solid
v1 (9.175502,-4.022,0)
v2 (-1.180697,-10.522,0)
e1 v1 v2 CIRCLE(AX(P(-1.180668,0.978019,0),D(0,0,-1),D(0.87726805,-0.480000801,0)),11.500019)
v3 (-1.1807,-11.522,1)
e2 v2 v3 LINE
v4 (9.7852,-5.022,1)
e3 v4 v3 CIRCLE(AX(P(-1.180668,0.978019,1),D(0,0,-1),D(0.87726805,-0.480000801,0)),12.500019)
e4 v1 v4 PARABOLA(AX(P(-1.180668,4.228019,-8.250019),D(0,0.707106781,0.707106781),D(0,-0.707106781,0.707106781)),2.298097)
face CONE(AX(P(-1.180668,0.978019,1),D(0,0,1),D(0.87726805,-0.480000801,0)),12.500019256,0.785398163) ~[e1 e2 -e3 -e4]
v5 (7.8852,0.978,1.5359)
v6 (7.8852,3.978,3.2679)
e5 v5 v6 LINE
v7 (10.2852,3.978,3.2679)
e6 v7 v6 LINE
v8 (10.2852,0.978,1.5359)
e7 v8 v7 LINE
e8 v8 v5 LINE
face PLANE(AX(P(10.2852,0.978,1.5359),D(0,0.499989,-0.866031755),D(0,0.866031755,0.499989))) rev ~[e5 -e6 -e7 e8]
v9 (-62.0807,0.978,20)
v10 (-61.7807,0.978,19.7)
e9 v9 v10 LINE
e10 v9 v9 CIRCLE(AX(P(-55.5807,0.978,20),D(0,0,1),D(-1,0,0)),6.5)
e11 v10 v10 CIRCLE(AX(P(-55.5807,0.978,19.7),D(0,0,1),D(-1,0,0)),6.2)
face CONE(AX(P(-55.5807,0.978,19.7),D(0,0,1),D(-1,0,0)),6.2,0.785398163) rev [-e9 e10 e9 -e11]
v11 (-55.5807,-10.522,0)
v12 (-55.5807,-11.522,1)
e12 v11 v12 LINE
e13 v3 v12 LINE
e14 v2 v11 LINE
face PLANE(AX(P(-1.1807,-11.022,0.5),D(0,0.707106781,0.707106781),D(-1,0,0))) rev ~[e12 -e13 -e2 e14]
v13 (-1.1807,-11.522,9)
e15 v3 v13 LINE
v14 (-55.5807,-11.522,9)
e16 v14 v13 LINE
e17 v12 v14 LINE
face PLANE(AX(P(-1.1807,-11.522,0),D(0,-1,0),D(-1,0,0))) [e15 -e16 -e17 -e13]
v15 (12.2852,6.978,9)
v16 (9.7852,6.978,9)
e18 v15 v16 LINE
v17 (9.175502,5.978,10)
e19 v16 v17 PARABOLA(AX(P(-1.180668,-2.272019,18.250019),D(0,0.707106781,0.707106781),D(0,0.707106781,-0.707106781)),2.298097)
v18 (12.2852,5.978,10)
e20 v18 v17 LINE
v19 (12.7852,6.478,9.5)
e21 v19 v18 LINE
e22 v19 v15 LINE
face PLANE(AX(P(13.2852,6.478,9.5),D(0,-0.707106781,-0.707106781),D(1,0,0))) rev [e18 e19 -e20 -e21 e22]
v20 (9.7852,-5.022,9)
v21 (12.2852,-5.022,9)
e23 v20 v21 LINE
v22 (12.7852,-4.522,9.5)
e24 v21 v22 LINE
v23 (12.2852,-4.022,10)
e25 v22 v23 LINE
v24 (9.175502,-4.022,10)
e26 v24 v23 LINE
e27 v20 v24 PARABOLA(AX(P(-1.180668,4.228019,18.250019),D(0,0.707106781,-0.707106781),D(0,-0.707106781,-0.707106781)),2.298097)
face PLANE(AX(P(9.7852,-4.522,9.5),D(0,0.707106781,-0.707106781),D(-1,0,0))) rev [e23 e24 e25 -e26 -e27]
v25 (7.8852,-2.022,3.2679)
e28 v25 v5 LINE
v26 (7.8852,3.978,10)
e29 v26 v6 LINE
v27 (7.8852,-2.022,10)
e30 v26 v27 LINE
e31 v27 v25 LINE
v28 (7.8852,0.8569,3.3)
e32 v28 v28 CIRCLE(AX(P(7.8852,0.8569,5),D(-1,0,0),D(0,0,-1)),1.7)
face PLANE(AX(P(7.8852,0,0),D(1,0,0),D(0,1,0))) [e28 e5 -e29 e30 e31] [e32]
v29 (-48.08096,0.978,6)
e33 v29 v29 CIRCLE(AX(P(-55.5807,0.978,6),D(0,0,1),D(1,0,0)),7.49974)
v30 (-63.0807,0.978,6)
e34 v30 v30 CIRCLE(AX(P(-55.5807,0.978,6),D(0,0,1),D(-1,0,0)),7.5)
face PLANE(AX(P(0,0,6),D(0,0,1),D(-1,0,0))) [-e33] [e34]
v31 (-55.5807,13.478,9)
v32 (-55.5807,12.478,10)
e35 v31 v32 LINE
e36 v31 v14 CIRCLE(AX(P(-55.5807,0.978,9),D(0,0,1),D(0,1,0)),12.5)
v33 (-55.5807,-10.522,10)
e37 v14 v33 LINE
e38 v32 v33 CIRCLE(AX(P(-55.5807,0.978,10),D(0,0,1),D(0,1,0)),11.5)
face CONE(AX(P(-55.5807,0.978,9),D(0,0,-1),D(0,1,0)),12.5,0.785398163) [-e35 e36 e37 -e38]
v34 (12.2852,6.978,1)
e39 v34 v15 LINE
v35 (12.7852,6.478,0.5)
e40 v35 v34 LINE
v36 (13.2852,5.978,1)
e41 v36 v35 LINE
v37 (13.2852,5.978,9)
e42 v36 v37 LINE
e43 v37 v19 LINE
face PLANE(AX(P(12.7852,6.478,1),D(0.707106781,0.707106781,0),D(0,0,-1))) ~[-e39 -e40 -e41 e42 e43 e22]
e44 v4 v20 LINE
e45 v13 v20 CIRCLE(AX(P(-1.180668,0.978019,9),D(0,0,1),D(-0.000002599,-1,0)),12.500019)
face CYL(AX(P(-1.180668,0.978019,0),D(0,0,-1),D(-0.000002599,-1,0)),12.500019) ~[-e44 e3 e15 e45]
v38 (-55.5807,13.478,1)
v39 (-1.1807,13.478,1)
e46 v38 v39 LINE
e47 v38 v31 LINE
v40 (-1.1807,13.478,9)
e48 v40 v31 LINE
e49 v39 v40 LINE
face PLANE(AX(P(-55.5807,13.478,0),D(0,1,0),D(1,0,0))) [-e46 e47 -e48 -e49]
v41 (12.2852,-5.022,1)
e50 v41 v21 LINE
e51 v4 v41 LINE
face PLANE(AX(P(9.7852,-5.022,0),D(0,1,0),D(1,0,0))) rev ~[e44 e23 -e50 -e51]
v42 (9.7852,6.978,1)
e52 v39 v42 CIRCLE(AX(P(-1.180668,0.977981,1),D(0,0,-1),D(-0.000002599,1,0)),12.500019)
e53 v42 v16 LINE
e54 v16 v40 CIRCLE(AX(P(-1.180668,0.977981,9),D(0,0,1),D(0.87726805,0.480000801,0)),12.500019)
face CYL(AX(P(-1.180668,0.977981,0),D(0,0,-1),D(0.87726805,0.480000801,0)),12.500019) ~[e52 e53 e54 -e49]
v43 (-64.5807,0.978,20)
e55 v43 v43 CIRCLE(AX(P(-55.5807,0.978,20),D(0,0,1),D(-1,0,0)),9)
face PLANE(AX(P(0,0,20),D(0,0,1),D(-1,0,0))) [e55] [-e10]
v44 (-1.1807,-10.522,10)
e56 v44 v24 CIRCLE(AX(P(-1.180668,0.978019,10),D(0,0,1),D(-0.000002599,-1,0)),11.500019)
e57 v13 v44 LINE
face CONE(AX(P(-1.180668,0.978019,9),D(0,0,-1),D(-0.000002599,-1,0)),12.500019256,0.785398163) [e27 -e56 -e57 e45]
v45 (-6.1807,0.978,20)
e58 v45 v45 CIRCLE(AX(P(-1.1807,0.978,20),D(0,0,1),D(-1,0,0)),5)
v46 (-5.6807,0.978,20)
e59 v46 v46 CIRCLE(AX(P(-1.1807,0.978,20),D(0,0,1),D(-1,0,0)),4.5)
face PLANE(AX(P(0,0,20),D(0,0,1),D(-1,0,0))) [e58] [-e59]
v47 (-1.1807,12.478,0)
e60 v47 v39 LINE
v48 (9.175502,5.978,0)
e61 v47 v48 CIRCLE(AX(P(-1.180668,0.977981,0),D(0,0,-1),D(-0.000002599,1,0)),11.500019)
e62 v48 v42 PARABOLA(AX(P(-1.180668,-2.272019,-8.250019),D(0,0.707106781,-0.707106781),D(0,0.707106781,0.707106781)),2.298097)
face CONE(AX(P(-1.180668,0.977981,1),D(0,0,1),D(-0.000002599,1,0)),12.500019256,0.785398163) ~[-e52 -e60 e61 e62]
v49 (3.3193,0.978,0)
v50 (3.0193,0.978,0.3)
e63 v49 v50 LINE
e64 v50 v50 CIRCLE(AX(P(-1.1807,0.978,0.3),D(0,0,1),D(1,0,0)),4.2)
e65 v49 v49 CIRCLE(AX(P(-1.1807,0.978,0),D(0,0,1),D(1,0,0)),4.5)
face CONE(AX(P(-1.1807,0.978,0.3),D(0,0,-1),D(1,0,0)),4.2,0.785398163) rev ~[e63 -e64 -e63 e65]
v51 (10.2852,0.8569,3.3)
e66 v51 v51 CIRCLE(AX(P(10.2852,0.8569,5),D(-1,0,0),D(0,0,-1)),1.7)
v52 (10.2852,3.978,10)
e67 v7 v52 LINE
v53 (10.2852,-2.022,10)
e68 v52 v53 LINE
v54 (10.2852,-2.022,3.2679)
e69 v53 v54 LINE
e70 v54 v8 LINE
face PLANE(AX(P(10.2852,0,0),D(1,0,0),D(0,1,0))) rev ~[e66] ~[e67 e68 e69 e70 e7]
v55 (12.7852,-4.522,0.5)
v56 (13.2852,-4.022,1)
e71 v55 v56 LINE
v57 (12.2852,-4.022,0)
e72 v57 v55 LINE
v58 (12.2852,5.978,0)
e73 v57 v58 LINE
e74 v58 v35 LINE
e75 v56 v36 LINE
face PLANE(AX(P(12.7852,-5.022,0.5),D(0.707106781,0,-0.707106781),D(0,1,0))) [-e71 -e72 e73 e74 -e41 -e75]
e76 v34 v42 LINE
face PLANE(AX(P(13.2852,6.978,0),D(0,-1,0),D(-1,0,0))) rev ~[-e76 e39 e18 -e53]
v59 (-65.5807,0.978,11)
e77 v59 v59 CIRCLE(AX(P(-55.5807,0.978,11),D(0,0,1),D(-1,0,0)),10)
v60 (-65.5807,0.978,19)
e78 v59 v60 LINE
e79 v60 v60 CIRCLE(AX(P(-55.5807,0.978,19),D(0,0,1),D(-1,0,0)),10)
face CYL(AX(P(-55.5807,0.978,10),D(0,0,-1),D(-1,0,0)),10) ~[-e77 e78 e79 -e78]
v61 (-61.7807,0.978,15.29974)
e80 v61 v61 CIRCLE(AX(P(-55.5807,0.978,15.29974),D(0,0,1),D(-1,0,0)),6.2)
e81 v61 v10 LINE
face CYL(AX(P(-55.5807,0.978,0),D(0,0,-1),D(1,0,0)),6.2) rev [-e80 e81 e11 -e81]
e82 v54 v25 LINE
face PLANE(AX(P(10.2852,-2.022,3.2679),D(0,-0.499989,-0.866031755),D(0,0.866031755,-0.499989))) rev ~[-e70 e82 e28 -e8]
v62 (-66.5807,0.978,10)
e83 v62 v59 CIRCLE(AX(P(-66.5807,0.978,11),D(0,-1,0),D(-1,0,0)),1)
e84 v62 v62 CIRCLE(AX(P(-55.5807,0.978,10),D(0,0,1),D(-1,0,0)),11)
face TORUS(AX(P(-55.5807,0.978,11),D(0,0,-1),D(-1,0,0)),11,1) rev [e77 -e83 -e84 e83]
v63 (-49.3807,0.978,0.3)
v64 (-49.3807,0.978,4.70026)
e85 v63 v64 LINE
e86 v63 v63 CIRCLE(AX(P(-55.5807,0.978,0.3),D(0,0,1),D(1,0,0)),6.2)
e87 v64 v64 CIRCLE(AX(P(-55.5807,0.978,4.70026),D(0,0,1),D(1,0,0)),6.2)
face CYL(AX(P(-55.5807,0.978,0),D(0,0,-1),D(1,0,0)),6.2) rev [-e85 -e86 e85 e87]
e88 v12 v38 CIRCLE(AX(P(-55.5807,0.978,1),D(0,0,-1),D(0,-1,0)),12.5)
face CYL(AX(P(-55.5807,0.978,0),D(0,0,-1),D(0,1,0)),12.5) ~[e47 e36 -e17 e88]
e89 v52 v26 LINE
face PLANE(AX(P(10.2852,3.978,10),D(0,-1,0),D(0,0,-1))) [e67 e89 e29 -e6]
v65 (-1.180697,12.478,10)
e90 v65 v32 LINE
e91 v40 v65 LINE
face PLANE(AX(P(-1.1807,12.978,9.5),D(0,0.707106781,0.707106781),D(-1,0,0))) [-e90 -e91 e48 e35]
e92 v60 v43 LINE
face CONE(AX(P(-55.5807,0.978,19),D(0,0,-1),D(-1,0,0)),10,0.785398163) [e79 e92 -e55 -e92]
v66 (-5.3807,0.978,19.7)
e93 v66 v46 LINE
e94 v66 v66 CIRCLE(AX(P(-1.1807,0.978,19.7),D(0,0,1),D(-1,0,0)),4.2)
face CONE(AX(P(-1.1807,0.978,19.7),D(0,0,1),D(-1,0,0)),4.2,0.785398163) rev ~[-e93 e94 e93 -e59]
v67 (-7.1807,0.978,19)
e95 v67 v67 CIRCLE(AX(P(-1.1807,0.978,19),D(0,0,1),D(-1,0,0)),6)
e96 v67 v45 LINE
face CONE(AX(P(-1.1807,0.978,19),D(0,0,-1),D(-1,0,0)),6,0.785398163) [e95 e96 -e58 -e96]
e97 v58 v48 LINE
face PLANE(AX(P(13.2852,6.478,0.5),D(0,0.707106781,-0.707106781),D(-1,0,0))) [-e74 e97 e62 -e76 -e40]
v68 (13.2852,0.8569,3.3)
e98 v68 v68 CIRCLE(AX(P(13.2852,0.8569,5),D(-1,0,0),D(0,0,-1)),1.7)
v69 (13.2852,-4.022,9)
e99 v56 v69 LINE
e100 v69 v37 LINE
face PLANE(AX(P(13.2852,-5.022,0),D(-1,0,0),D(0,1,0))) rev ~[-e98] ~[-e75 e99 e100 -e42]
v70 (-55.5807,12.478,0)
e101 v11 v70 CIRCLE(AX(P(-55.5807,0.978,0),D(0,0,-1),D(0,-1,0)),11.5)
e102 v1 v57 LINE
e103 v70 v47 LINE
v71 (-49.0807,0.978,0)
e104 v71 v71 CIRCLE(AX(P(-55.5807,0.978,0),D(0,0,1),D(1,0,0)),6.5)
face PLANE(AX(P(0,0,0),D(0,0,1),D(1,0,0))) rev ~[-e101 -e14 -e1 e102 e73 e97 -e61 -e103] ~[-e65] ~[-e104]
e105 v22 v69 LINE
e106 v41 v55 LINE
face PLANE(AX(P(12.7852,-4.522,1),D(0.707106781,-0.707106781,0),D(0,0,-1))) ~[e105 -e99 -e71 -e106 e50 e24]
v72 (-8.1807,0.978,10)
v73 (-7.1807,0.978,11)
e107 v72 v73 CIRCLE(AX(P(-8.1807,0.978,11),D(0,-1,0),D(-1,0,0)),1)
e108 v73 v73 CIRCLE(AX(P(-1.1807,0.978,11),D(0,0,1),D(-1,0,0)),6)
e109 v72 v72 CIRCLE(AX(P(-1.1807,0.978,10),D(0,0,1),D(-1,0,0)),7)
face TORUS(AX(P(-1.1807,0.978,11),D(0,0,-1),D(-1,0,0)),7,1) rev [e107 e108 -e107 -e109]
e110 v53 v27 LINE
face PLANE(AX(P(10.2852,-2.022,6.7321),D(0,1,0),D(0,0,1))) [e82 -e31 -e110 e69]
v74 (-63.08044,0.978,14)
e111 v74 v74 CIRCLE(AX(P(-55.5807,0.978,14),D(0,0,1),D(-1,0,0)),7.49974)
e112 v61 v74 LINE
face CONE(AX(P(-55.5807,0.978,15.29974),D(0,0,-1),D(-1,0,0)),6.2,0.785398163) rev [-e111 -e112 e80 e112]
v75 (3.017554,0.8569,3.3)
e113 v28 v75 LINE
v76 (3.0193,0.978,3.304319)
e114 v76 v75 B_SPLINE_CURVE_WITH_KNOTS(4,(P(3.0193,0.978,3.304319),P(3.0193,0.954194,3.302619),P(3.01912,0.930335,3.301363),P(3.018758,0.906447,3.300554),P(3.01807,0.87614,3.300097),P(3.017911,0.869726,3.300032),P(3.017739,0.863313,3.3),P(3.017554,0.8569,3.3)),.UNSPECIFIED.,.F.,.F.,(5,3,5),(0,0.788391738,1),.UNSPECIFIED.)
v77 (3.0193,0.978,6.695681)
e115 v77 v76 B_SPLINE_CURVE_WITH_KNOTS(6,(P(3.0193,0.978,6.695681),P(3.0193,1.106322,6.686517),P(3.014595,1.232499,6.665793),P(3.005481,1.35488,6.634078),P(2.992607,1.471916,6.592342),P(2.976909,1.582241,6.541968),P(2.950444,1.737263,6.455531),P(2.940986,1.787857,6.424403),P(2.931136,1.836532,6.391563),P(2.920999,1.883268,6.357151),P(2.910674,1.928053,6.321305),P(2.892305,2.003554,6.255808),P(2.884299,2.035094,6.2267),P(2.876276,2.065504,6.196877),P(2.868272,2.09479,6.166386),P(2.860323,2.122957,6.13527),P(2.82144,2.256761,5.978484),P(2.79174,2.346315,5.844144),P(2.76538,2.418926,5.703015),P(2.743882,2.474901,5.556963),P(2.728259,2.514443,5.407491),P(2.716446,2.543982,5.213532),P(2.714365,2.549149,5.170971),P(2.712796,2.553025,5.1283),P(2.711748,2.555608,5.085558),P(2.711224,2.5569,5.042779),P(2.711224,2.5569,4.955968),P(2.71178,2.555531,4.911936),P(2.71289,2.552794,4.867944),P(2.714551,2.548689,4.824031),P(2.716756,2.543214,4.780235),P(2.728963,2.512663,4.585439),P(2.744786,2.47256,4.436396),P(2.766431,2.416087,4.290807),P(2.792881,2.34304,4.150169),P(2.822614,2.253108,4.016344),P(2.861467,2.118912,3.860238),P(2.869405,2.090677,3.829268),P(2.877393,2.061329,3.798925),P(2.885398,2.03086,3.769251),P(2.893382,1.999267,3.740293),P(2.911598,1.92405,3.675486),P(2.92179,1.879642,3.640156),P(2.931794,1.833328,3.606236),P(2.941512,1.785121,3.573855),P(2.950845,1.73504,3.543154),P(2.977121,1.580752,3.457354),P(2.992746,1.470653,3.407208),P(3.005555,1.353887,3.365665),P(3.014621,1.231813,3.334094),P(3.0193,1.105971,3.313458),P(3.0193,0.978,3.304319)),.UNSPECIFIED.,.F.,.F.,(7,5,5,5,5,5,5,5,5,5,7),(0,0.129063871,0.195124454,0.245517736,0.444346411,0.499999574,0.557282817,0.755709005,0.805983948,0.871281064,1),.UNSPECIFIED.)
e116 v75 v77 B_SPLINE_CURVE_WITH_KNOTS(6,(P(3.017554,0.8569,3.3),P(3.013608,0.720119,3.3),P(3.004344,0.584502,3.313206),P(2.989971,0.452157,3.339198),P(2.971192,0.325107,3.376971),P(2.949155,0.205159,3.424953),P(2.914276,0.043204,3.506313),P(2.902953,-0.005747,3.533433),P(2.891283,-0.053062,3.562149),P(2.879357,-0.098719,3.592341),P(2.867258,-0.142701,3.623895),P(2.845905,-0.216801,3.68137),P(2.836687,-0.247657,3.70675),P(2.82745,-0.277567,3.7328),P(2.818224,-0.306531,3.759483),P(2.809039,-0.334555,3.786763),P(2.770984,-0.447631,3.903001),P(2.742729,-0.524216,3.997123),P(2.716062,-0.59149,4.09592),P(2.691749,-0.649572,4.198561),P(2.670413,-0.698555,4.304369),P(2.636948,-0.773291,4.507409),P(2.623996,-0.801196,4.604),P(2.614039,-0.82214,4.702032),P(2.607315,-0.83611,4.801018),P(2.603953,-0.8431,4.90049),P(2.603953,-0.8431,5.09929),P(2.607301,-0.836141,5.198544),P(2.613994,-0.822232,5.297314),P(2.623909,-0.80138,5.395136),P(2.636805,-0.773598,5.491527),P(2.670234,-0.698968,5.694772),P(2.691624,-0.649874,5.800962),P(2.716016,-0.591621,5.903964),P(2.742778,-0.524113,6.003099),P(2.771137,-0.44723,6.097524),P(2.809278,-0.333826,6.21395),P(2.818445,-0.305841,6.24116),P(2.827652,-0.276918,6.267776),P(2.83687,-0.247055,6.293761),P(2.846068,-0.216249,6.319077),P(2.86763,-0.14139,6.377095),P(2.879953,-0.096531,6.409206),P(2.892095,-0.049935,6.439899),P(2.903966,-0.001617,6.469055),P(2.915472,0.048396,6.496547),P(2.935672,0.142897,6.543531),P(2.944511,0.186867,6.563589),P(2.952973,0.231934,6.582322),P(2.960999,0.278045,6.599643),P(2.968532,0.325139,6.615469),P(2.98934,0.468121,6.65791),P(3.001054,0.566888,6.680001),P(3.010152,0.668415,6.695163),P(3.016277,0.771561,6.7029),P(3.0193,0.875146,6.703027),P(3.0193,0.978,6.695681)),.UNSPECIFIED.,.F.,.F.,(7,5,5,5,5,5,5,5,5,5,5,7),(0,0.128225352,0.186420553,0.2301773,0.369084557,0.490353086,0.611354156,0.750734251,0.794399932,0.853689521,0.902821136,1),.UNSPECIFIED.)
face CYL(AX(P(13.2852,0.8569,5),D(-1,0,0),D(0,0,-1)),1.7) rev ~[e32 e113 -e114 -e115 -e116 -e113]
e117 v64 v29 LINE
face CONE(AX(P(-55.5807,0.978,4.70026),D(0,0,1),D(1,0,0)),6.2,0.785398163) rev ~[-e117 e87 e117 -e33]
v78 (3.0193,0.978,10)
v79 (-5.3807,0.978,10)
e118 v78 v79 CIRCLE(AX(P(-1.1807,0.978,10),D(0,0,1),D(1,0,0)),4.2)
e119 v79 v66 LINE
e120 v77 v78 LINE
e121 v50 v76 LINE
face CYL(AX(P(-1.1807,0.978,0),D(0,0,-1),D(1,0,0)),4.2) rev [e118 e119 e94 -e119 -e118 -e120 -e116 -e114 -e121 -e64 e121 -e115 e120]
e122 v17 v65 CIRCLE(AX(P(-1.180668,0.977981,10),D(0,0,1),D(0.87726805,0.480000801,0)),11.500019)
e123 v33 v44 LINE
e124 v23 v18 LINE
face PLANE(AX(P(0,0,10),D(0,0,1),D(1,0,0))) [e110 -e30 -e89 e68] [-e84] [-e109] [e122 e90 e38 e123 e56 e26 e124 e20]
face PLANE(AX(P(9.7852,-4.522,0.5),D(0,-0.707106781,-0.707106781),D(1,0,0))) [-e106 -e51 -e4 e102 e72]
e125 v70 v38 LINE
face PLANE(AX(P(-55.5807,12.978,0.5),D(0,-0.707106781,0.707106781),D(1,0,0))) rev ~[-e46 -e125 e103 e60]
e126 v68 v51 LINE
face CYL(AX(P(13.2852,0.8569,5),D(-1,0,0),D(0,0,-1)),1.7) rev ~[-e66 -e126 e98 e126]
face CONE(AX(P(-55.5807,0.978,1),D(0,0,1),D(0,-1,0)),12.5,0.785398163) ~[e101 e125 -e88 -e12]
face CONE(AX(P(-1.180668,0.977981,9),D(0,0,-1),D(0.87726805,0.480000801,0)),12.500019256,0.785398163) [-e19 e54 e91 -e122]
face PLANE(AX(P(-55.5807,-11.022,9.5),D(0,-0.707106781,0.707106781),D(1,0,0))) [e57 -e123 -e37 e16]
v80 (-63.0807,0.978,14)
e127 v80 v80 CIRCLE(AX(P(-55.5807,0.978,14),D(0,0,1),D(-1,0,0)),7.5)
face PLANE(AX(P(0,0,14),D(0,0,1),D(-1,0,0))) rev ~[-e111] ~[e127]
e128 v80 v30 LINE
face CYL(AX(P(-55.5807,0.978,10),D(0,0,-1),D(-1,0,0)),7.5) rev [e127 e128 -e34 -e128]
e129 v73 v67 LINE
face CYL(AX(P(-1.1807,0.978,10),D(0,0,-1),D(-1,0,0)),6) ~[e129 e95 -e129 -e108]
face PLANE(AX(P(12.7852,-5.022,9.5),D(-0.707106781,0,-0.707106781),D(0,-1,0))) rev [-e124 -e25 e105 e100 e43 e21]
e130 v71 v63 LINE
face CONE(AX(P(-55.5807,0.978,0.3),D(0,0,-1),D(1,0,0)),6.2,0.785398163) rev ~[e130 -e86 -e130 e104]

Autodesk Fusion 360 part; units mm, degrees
sketch "Esquisse1" plane through (0, 0, 0) normal (0, 0, 1) x (1, 0, 0)
  circle A0 centre (-55.5807, 0.978) radius 6.2
  circle A1 centre (-1.1807, 0.978) radius 4.2
  line L0 (-55.5807, 13.478) -> (-1.1807, 13.478)
  line L1 (-1.1807, 13.478) -> (-1.1807, -11.522) construction
  line L2 (-1.1807, -11.522) -> (-55.5807, -11.522)
  line L3 (-55.5807, -11.522) -> (-55.5807, 13.478) construction
  arc A2 (-55.5807, 13.478) -> (-55.5807, -11.522) centre (-55.5807, 0.978) ccw
  line L4 (9.7852, -5.022) -> (13.2852, -5.022)
  line L5 (13.2852, -5.022) -> (13.2852, 6.978)
  line L6 (13.2852, 6.978) -> (9.7852, 6.978)
  arc A3 (-1.1807, -11.522) -> (9.7852, -5.022) centre (-1.1807, 0.978) ccw
  arc A4 (9.7852, 6.978) -> (-1.1807, 13.478) centre (-1.1807, 0.978) ccw
  dimension "d1" = 54.4
  dimension "d2" = 12.4
  dimension "d3" = 8.4
  dimension "d4" = 25
  dimension "d5" = 12.5
  dimension "d7" = 12
  dimension "d8" = 3.5
extrude "Extrusion1" add sketch "Esquisse1" along normal blind 10
sketch "Esquisse2" plane through (0, 0, 10) normal (0, 0, 1) x (-1, 0, 0)
  circle A0 centre (55.5807, -0.978) radius 6.2
  circle A1 centre (1.1807, -0.978) radius 4.2
  arc A2 (1.1807, 11.522) -> (-9.7852, 5.022) centre (1.1807, -0.978) ccw
  line L0 (-9.7852, 5.022) -> (-13.2852, 5.022)
  line L1 (-13.2852, 5.022) -> (-13.2852, -6.978)
  line L2 (-13.2852, -6.978) -> (-9.7852, -6.978)
  arc A3 (-9.7852, -6.978) -> (1.1807, -13.478) centre (1.1807, -0.978) ccw
  line L3 (1.1807, -13.478) -> (55.5807, -13.478)
  arc A4 (55.5807, -13.478) -> (55.5807, 11.522) centre (55.5807, -0.978) ccw
  line L4 (55.5807, 11.522) -> (1.1807, 11.522)
  circle A5 centre (55.5807, -0.978) radius 10
  circle A6 centre (1.1807, -0.978) radius 6
  circle A7 centre (55.5807, -0.978) radius 7.5
  dimension "d11" = 20
  dimension "d12" = 12
  dimension "d32" = 15
extrude "Extrusion4" add sketch "Esquisse2" along normal blind 10 contours A5 | A6 | A7
extrude "Extrusion5" cut sketch "Esquisse2" along normal mid plane 8 contours A7
chamfer "Chanfrein3" distance 1.3 angle 45 2 edges at (-61.3611, -1.264, 6) (-61.3611, 3.2201, 14)
ref_plane "Plan de construction2" through (10.2852, 0.978, 5) normal (1, 0, 0) x (0, 1, 0)
sketch "Esquisse3" plane through (10.2852, 0, 0) normal (1, 0, 0) x (0, 1, 0)
  line L0 (-5.022, 0) -> (6.978, 0)
  line L1 (6.978, 0) -> (6.978, 10)
  line L2 (6.978, 10) -> (-5.022, 10)
  line L3 (-5.022, 10) -> (-5.022, 0)
  line L4 (-2.022, 10) -> (3.978, 10)
  line L5 (3.978, 10) -> (3.978, 5)
  line L6 (3.978, 5) -> (-2.022, 5) construction
  line L7 (-2.022, 5) -> (-2.022, 10)
  line L8 (0.978, 5) -> (0.978, 1.9) construction
  line L9 (-2.022, 6.7321) -> (-2.022, 3.2679)
  line L10 (-2.022, 3.2679) -> (0.978, 1.5359)
  line L11 (0.978, 1.5359) -> (3.978, 3.2679)
  line L12 (3.978, 3.2679) -> (3.978, 6.7321)
  point P0 (0.978, 5)
  dimension "d15" = 3.1
  dimension "d16" = 5
  dimension "d17" = 6
  dimension "d18" = 12
  dimension "d19" = 3
extrude "Extrusion3" cut sketch "Esquisse3" against normal blind 2.4 contours L2 L4 L5 L7 L9 L10 L11 L12
hole "Perçage1" at (13.2852, 0.8569, 5) direction (-1, 0, 0) diameter 3.4 depth 11 tip angle 180
chamfer "Chanfrein1" distance 1 angle 45 16 edges at (5.1931, -9.7749, 10) (5.1931, 11.7309, 10) (-28.3807, 13.478, 10) (-68.0807, 0.978, 10) (-28.3807, -11.522, 10) (-28.3807, -11.522, 0) (-68.0807, 0.978, 0) (-28.3807, 13.478, 0) (5.1931, 11.7309, 0) (5.1931, -9.7749, 0) (11.5352, -5.022, 0) (11.5352, -5.022, 10) (13.2852, 0.978, 0) (13.2852, 0.978, 10) (11.5352, 6.978, 10) (11.5352, 6.978, 0)
chamfer "Chanfrein2" distance 1 angle 45 2 edges at (13.2852, 6.978, 5) (13.2852, -5.022, 5)
chamfer "Chanfrein4" distance 0.3 angle 45 4 edges at (-49.8002, -1.264, 20) (-61.3611, 3.2201, 0) (2.7351, -0.5407, 20) (-5.0964, 2.4968, 0)
fillet "Congé2" radius 1 2 edges at (-46.2574, -2.6381, 10) (4.4133, -1.1917, 10)
chamfer "Chanfrein5" distance 1 angle 45 2 edges at (4.4133, 3.1477, 20) (-46.2574, 4.5942, 20)
equation "d5 = d4 / 2"
equation "d9 = 10 mm"
equation "d19 = ( d18 - d17 ) / 2"
equation "d30 = d9"
